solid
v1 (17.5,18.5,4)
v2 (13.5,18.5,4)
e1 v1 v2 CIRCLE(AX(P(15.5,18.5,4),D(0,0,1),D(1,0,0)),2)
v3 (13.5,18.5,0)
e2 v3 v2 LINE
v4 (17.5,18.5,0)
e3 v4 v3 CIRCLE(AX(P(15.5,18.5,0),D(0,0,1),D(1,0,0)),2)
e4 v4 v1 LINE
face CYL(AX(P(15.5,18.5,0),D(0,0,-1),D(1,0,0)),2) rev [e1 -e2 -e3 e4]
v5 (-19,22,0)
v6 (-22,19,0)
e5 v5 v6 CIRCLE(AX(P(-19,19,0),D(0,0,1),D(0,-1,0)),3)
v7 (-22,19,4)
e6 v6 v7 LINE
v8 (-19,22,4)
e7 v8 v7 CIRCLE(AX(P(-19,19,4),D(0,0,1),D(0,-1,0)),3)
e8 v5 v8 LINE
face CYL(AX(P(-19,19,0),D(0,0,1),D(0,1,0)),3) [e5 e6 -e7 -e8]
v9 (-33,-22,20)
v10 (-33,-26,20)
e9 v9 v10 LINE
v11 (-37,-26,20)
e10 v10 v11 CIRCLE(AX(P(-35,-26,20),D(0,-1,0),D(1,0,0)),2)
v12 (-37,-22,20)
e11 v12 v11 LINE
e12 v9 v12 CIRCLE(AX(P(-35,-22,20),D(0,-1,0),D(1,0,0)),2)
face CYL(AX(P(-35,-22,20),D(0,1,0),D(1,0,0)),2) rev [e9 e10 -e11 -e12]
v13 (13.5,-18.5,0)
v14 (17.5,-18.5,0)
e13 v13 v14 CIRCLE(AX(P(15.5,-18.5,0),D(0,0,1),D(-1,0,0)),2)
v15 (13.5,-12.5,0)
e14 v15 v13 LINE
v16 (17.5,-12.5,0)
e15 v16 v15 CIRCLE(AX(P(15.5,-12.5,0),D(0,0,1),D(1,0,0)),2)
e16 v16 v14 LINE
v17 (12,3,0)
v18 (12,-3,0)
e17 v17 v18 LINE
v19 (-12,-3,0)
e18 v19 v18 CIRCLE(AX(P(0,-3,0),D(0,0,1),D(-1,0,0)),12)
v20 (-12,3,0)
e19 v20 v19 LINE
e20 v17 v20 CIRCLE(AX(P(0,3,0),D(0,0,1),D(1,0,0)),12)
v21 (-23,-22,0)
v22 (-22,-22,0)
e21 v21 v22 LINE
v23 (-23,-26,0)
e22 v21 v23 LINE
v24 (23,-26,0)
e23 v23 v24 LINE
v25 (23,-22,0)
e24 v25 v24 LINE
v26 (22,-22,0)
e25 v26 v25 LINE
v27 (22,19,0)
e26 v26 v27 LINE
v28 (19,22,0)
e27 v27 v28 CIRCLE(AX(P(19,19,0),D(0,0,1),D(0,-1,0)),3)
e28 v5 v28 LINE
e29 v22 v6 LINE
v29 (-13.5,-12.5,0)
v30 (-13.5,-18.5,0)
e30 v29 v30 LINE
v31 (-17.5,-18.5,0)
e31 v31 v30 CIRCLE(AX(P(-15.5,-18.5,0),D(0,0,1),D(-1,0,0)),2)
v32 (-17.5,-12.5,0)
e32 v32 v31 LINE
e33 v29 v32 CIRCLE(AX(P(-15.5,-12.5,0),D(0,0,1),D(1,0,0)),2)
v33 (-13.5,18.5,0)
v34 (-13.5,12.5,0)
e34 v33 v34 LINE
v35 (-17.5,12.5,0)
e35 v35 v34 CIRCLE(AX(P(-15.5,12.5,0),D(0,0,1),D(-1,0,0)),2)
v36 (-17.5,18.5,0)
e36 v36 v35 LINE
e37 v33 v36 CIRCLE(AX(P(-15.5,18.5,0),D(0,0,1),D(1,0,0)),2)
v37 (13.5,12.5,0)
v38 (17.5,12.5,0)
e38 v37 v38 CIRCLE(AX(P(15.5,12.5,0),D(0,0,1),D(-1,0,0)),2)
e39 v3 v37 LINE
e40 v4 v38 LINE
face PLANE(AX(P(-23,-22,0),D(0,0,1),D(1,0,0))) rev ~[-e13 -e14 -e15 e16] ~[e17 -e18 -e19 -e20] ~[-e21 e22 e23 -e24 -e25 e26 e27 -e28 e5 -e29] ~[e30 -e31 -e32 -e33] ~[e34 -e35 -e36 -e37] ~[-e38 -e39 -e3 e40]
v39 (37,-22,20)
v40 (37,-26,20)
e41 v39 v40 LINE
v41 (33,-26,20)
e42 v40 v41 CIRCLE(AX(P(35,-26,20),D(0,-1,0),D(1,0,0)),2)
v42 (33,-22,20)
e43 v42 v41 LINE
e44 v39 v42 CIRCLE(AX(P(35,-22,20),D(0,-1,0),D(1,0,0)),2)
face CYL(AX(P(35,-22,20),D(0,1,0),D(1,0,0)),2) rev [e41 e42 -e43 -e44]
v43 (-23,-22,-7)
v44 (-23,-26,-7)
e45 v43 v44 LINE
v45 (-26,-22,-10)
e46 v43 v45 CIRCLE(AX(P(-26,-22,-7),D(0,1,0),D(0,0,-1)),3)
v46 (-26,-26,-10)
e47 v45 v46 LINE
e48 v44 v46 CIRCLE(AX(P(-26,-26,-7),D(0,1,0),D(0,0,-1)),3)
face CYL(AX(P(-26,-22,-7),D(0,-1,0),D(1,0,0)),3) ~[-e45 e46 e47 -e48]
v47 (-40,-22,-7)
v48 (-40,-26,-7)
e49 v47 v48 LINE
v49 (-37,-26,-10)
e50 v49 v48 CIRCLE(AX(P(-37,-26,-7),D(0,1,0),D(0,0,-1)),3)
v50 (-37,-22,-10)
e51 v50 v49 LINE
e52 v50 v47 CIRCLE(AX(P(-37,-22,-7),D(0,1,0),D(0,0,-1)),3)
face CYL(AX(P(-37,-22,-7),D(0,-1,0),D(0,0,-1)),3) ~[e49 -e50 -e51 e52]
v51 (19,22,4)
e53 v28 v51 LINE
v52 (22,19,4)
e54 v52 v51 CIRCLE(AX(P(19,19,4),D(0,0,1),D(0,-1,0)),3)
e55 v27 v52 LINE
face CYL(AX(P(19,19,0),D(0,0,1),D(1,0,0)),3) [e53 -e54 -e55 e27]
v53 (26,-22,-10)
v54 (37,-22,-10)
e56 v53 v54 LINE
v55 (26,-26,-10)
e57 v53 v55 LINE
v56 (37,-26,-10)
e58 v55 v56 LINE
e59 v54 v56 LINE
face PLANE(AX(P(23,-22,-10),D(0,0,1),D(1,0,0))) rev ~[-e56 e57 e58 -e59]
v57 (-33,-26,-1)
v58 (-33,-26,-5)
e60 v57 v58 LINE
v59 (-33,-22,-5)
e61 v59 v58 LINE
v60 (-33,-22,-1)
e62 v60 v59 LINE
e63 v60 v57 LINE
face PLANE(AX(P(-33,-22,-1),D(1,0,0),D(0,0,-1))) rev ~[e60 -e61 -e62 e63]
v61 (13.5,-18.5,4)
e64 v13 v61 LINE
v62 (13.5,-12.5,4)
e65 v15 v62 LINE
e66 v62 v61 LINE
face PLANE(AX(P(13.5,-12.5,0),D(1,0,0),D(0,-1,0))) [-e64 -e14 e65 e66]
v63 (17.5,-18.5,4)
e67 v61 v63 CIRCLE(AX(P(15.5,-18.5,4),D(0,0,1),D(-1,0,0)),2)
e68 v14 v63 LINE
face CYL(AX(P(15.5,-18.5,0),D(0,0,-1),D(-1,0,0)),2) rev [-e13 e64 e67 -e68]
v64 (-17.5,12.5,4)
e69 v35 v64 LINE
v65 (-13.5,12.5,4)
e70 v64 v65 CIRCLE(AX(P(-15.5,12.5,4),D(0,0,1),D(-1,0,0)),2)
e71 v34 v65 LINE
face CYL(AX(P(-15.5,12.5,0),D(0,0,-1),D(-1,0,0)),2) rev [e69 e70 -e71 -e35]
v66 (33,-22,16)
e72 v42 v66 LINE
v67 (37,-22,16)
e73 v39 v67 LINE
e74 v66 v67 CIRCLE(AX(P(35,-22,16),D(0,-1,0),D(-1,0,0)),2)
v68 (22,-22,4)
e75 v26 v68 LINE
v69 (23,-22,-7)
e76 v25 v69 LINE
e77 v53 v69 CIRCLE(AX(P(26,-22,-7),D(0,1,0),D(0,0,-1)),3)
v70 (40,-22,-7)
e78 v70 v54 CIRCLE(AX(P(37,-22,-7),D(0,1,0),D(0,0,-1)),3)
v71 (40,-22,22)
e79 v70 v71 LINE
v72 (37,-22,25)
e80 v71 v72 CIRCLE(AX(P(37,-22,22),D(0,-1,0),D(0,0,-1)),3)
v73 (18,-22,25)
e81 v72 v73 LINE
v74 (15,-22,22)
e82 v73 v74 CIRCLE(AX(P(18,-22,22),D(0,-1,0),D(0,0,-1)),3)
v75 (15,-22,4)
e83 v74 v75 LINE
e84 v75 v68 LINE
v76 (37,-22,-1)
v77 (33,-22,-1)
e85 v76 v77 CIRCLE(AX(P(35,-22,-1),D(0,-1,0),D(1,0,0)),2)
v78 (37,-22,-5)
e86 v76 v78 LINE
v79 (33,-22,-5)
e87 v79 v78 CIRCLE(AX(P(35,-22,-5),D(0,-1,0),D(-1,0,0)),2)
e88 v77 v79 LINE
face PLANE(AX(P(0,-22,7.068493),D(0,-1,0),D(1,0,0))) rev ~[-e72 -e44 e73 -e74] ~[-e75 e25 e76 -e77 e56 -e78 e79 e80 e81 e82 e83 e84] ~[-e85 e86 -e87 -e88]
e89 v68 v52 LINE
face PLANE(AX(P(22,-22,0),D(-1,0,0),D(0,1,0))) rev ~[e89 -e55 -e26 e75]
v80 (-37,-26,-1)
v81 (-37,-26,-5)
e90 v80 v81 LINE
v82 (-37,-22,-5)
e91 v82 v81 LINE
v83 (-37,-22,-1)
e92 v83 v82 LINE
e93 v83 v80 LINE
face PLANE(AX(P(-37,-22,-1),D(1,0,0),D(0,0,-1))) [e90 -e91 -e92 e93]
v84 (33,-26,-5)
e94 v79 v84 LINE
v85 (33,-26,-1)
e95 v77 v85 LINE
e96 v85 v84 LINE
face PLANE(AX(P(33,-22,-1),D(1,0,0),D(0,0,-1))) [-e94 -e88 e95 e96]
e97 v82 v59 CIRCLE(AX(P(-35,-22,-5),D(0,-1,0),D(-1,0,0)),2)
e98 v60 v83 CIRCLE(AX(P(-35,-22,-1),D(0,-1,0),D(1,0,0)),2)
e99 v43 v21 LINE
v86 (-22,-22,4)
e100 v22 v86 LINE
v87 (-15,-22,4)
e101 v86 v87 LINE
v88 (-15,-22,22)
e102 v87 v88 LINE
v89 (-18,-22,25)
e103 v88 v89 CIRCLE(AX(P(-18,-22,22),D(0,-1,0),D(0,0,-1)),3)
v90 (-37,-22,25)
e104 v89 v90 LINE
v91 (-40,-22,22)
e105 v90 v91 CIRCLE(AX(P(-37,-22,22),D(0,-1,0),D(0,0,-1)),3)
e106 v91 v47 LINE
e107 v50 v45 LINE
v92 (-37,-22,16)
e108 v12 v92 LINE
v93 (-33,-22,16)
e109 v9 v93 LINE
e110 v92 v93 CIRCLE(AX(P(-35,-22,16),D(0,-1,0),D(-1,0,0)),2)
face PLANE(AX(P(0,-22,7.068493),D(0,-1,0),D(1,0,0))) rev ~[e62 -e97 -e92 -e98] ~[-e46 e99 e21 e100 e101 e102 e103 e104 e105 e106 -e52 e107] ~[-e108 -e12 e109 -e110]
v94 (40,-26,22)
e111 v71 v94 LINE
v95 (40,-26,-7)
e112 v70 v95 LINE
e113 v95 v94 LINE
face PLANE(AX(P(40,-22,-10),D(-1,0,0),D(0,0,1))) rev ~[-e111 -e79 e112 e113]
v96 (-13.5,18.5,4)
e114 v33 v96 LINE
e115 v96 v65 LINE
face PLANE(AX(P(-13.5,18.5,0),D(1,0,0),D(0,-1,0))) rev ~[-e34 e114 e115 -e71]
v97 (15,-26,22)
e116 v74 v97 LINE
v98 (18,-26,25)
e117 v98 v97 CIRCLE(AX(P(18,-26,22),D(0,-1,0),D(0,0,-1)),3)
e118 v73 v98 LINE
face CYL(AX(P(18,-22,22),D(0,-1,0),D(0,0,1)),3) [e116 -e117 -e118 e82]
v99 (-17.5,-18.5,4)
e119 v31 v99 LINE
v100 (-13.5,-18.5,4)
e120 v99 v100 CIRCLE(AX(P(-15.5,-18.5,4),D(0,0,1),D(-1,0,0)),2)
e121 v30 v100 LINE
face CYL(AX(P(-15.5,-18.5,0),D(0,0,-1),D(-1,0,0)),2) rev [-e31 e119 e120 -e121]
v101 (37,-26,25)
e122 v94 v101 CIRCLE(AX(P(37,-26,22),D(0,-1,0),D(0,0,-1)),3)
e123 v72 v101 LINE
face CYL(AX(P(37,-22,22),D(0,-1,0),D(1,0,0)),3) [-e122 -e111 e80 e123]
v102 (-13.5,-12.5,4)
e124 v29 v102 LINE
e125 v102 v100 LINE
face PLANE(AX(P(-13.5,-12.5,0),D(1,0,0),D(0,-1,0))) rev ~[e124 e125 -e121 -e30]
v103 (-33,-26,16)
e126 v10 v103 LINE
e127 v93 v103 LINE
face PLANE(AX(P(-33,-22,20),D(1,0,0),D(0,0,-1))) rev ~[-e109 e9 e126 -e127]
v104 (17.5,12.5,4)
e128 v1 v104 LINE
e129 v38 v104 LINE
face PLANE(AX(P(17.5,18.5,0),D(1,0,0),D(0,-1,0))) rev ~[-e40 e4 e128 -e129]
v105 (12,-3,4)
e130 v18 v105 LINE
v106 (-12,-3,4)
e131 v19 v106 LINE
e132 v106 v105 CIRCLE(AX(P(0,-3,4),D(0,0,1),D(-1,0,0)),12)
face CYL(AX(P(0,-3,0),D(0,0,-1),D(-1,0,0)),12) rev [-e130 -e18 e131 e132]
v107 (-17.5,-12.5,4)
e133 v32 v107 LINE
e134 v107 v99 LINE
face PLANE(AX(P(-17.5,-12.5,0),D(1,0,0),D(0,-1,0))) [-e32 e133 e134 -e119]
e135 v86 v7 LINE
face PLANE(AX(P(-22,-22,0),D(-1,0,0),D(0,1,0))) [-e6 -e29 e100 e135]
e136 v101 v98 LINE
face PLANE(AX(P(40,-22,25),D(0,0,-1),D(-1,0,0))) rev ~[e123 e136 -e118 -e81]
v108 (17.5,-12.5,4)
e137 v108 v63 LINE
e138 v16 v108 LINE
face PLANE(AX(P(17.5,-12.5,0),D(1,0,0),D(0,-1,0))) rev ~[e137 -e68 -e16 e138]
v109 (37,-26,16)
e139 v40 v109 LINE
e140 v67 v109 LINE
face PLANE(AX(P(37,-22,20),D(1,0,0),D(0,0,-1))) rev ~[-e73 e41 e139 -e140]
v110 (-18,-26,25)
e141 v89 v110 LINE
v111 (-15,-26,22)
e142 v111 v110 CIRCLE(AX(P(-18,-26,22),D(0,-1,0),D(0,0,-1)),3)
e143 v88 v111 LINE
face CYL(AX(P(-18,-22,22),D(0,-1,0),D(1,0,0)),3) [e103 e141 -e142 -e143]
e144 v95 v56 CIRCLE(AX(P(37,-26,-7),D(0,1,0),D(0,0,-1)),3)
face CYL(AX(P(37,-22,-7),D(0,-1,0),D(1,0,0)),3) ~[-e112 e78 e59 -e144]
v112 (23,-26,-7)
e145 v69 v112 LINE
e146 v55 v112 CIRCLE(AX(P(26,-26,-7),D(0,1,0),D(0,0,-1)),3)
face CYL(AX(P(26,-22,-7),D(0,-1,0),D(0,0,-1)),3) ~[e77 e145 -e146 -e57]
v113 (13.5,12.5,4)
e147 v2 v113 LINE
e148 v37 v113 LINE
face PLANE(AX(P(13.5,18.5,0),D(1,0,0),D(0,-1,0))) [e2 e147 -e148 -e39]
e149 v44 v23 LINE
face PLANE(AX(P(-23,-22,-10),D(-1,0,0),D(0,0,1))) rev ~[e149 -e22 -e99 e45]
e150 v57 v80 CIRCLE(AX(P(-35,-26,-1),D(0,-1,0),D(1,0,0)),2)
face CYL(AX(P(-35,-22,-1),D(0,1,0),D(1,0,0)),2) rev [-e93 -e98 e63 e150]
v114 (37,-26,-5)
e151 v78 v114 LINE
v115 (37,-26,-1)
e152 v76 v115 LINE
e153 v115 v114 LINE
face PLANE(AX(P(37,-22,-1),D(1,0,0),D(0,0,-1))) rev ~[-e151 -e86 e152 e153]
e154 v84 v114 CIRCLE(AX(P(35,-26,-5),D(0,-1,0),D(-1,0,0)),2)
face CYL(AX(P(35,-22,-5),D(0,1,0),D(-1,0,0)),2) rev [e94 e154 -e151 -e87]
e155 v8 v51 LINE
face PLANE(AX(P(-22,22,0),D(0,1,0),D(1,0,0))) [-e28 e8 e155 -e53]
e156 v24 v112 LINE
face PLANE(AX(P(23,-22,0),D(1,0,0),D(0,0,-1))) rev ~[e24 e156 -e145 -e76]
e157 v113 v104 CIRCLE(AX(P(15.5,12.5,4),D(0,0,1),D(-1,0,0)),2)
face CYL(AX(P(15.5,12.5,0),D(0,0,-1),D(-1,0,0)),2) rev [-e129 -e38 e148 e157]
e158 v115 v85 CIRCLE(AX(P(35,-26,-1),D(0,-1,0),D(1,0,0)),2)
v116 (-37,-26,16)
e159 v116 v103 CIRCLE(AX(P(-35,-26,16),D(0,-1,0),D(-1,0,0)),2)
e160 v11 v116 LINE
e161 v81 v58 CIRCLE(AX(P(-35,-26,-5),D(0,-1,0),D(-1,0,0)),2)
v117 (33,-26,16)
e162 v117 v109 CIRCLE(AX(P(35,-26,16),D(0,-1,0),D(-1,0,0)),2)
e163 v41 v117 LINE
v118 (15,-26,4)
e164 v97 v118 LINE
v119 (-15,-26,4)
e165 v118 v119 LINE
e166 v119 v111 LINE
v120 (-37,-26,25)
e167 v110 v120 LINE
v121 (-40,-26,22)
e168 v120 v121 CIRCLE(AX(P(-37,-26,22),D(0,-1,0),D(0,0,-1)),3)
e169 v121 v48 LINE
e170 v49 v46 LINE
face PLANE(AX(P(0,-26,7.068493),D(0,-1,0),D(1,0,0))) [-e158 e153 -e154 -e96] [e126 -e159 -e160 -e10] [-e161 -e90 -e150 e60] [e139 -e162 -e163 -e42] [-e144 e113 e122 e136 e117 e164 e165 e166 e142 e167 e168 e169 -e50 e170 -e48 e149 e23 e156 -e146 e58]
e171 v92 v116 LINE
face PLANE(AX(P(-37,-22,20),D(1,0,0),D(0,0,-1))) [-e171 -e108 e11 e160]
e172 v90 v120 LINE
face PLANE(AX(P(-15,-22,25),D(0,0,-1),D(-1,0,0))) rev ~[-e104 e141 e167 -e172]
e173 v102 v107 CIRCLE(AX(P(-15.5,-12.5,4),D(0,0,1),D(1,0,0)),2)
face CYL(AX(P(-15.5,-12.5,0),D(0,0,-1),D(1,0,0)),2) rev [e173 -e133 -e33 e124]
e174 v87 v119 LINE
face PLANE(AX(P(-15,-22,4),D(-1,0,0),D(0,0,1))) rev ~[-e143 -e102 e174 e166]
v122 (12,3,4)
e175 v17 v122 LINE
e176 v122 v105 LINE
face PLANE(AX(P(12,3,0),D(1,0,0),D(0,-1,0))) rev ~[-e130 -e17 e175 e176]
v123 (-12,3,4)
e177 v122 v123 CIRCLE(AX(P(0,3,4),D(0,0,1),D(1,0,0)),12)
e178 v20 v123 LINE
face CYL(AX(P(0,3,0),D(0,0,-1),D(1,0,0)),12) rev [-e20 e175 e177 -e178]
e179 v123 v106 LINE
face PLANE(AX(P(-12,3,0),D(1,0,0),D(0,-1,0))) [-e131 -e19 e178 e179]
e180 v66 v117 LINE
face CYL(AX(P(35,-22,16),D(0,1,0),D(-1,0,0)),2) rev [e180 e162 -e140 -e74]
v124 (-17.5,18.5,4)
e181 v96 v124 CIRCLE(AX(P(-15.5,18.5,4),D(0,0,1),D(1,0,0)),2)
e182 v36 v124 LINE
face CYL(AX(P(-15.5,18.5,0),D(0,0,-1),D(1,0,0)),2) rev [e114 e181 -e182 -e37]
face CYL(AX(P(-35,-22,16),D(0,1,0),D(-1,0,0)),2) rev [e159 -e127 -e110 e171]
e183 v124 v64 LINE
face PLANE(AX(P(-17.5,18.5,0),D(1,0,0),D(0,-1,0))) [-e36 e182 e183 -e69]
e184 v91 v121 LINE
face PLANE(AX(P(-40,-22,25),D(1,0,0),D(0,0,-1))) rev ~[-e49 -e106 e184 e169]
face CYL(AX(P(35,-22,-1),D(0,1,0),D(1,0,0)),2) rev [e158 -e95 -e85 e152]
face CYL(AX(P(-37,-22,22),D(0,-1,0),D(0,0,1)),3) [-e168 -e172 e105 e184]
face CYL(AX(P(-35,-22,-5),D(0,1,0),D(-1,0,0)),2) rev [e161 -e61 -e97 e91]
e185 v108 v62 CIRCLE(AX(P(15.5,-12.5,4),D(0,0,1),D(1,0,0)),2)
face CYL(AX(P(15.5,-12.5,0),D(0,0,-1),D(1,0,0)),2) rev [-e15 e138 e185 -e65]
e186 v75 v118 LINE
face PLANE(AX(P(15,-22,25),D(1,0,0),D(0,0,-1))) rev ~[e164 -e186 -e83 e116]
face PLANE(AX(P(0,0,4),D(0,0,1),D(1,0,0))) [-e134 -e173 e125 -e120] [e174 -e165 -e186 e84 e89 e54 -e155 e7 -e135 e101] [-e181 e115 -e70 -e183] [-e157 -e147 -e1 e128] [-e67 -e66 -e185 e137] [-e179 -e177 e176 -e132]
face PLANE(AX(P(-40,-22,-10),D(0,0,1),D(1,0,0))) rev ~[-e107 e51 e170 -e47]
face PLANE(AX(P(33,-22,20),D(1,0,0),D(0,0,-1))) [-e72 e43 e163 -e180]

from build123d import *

# Parameters (mm, degrees)
PAD001_DEPTH = 4
SKETCH_W     = 44
SKETCH_H     = 44
PAD_DEPTH    = 4
FILLET_R     = 3


with BuildPart() as body001:
    # Sketch001 → Pad001 (new body)
    with BuildSketch(Plane.XZ):
        Polygon((40, -10), (40, 25), (15, 25), (15, 4), (-15, 4), (-15, 25), (-40, 25), (-40, -10), (-23, -10), (-23, 0), (23, 0), (23, -10), align=None)
        with BuildLine():
            ThreePointArc((-33, 20), (-35, 22), (-37, 20))
            Line((-37, 20), (-37, 16))
            ThreePointArc((-37, 16), (-35, 14), (-33, 16))
            Line((-33, 20), (-33, 16))
        make_face(mode=Mode.SUBTRACT)
        with BuildLine():
            ThreePointArc((-33, -1), (-35, 1), (-37, -1))
            Line((-37, -1), (-37, -5))
            ThreePointArc((-37, -5), (-35, -7), (-33, -5))
            Line((-33, -1), (-33, -5))
        make_face(mode=Mode.SUBTRACT)
        with BuildLine():
            ThreePointArc((37, 20), (35, 22), (33, 20))
            Line((33, 20), (33, 16))
            ThreePointArc((33, 16), (35, 14), (37, 16))
            Line((37, 20), (37, 16))
        make_face(mode=Mode.SUBTRACT)
        with BuildLine():
            ThreePointArc((37, -1), (35, 1), (33, -1))
            Line((33, -1), (33, -5))
            ThreePointArc((33, -5), (35, -7), (37, -5))
            Line((37, -1), (37, -5))
        make_face(mode=Mode.SUBTRACT)
    extrude(amount=PAD001_DEPTH)


with BuildPart() as body001_1:
    # Body001 placement: moved
    add(body001.part.moved(Location((0, -22, 0))))


with BuildPart() as fillet_body:
    # Sketch → Pad (new body)
    with BuildSketch(Plane.XY):
        Rectangle(SKETCH_W, SKETCH_H)
        with BuildLine():
            ThreePointArc((-13.5, 18.5), (-15.5, 20.5), (-17.5, 18.5))
            Line((-17.5, 18.5), (-17.5, 12.5))
            ThreePointArc((-17.5, 12.5), (-15.5, 10.5), (-13.5, 12.5))
            Line((-13.5, 18.5), (-13.5, 12.5))
        make_face(mode=Mode.SUBTRACT)
        with BuildLine():
            ThreePointArc((-13.5, -12.5), (-15.5, -10.5), (-17.5, -12.5))
            Line((-17.5, -12.5), (-17.5, -18.5))
            ThreePointArc((-17.5, -18.5), (-15.5, -20.5), (-13.5, -18.5))
            Line((-13.5, -12.5), (-13.5, -18.5))
        make_face(mode=Mode.SUBTRACT)
        with BuildLine():
            ThreePointArc((17.5, 18.5), (15.5, 20.5), (13.5, 18.5))
            Line((13.5, 18.5), (13.5, 12.5))
            ThreePointArc((13.5, 12.5), (15.5, 10.5), (17.5, 12.5))
            Line((17.5, 18.5), (17.5, 12.5))
        make_face(mode=Mode.SUBTRACT)
        with BuildLine():
            ThreePointArc((17.5, -12.5), (15.5, -10.5), (13.5, -12.5))
            Line((13.5, -12.5), (13.5, -18.5))
            ThreePointArc((13.5, -18.5), (15.5, -20.5), (17.5, -18.5))
            Line((17.5, -12.5), (17.5, -18.5))
        make_face(mode=Mode.SUBTRACT)
        with BuildLine():
            ThreePointArc((12, 3), (0, 15), (-12, 3))
            Line((-12, 3), (-12, -3))
            ThreePointArc((-12, -3), (0, -15), (12, -3))
            Line((12, 3), (12, -3))
        make_face(mode=Mode.SUBTRACT)
    extrude(amount=PAD_DEPTH)

    # Fusion001: union Body001
    add(body001_1.part)

    # Fillet
    fillet_edges = [fillet_body.edges().sort_by_distance(p)[0] for p in [
        (-22, 22, 2),
        (22, 22, 2),
        (-23, -24, -10),
        (-40, -24, -10),
        (-40, -24, 25),
        (-15, -24, 25),
        (23, -24, -10),
        (40, -24, -10),
        (15, -24, 25),
        (40, -24, 25),
    ]]
    fillet(fillet_edges, radius=FILLET_R)


solid = fillet_body.part
